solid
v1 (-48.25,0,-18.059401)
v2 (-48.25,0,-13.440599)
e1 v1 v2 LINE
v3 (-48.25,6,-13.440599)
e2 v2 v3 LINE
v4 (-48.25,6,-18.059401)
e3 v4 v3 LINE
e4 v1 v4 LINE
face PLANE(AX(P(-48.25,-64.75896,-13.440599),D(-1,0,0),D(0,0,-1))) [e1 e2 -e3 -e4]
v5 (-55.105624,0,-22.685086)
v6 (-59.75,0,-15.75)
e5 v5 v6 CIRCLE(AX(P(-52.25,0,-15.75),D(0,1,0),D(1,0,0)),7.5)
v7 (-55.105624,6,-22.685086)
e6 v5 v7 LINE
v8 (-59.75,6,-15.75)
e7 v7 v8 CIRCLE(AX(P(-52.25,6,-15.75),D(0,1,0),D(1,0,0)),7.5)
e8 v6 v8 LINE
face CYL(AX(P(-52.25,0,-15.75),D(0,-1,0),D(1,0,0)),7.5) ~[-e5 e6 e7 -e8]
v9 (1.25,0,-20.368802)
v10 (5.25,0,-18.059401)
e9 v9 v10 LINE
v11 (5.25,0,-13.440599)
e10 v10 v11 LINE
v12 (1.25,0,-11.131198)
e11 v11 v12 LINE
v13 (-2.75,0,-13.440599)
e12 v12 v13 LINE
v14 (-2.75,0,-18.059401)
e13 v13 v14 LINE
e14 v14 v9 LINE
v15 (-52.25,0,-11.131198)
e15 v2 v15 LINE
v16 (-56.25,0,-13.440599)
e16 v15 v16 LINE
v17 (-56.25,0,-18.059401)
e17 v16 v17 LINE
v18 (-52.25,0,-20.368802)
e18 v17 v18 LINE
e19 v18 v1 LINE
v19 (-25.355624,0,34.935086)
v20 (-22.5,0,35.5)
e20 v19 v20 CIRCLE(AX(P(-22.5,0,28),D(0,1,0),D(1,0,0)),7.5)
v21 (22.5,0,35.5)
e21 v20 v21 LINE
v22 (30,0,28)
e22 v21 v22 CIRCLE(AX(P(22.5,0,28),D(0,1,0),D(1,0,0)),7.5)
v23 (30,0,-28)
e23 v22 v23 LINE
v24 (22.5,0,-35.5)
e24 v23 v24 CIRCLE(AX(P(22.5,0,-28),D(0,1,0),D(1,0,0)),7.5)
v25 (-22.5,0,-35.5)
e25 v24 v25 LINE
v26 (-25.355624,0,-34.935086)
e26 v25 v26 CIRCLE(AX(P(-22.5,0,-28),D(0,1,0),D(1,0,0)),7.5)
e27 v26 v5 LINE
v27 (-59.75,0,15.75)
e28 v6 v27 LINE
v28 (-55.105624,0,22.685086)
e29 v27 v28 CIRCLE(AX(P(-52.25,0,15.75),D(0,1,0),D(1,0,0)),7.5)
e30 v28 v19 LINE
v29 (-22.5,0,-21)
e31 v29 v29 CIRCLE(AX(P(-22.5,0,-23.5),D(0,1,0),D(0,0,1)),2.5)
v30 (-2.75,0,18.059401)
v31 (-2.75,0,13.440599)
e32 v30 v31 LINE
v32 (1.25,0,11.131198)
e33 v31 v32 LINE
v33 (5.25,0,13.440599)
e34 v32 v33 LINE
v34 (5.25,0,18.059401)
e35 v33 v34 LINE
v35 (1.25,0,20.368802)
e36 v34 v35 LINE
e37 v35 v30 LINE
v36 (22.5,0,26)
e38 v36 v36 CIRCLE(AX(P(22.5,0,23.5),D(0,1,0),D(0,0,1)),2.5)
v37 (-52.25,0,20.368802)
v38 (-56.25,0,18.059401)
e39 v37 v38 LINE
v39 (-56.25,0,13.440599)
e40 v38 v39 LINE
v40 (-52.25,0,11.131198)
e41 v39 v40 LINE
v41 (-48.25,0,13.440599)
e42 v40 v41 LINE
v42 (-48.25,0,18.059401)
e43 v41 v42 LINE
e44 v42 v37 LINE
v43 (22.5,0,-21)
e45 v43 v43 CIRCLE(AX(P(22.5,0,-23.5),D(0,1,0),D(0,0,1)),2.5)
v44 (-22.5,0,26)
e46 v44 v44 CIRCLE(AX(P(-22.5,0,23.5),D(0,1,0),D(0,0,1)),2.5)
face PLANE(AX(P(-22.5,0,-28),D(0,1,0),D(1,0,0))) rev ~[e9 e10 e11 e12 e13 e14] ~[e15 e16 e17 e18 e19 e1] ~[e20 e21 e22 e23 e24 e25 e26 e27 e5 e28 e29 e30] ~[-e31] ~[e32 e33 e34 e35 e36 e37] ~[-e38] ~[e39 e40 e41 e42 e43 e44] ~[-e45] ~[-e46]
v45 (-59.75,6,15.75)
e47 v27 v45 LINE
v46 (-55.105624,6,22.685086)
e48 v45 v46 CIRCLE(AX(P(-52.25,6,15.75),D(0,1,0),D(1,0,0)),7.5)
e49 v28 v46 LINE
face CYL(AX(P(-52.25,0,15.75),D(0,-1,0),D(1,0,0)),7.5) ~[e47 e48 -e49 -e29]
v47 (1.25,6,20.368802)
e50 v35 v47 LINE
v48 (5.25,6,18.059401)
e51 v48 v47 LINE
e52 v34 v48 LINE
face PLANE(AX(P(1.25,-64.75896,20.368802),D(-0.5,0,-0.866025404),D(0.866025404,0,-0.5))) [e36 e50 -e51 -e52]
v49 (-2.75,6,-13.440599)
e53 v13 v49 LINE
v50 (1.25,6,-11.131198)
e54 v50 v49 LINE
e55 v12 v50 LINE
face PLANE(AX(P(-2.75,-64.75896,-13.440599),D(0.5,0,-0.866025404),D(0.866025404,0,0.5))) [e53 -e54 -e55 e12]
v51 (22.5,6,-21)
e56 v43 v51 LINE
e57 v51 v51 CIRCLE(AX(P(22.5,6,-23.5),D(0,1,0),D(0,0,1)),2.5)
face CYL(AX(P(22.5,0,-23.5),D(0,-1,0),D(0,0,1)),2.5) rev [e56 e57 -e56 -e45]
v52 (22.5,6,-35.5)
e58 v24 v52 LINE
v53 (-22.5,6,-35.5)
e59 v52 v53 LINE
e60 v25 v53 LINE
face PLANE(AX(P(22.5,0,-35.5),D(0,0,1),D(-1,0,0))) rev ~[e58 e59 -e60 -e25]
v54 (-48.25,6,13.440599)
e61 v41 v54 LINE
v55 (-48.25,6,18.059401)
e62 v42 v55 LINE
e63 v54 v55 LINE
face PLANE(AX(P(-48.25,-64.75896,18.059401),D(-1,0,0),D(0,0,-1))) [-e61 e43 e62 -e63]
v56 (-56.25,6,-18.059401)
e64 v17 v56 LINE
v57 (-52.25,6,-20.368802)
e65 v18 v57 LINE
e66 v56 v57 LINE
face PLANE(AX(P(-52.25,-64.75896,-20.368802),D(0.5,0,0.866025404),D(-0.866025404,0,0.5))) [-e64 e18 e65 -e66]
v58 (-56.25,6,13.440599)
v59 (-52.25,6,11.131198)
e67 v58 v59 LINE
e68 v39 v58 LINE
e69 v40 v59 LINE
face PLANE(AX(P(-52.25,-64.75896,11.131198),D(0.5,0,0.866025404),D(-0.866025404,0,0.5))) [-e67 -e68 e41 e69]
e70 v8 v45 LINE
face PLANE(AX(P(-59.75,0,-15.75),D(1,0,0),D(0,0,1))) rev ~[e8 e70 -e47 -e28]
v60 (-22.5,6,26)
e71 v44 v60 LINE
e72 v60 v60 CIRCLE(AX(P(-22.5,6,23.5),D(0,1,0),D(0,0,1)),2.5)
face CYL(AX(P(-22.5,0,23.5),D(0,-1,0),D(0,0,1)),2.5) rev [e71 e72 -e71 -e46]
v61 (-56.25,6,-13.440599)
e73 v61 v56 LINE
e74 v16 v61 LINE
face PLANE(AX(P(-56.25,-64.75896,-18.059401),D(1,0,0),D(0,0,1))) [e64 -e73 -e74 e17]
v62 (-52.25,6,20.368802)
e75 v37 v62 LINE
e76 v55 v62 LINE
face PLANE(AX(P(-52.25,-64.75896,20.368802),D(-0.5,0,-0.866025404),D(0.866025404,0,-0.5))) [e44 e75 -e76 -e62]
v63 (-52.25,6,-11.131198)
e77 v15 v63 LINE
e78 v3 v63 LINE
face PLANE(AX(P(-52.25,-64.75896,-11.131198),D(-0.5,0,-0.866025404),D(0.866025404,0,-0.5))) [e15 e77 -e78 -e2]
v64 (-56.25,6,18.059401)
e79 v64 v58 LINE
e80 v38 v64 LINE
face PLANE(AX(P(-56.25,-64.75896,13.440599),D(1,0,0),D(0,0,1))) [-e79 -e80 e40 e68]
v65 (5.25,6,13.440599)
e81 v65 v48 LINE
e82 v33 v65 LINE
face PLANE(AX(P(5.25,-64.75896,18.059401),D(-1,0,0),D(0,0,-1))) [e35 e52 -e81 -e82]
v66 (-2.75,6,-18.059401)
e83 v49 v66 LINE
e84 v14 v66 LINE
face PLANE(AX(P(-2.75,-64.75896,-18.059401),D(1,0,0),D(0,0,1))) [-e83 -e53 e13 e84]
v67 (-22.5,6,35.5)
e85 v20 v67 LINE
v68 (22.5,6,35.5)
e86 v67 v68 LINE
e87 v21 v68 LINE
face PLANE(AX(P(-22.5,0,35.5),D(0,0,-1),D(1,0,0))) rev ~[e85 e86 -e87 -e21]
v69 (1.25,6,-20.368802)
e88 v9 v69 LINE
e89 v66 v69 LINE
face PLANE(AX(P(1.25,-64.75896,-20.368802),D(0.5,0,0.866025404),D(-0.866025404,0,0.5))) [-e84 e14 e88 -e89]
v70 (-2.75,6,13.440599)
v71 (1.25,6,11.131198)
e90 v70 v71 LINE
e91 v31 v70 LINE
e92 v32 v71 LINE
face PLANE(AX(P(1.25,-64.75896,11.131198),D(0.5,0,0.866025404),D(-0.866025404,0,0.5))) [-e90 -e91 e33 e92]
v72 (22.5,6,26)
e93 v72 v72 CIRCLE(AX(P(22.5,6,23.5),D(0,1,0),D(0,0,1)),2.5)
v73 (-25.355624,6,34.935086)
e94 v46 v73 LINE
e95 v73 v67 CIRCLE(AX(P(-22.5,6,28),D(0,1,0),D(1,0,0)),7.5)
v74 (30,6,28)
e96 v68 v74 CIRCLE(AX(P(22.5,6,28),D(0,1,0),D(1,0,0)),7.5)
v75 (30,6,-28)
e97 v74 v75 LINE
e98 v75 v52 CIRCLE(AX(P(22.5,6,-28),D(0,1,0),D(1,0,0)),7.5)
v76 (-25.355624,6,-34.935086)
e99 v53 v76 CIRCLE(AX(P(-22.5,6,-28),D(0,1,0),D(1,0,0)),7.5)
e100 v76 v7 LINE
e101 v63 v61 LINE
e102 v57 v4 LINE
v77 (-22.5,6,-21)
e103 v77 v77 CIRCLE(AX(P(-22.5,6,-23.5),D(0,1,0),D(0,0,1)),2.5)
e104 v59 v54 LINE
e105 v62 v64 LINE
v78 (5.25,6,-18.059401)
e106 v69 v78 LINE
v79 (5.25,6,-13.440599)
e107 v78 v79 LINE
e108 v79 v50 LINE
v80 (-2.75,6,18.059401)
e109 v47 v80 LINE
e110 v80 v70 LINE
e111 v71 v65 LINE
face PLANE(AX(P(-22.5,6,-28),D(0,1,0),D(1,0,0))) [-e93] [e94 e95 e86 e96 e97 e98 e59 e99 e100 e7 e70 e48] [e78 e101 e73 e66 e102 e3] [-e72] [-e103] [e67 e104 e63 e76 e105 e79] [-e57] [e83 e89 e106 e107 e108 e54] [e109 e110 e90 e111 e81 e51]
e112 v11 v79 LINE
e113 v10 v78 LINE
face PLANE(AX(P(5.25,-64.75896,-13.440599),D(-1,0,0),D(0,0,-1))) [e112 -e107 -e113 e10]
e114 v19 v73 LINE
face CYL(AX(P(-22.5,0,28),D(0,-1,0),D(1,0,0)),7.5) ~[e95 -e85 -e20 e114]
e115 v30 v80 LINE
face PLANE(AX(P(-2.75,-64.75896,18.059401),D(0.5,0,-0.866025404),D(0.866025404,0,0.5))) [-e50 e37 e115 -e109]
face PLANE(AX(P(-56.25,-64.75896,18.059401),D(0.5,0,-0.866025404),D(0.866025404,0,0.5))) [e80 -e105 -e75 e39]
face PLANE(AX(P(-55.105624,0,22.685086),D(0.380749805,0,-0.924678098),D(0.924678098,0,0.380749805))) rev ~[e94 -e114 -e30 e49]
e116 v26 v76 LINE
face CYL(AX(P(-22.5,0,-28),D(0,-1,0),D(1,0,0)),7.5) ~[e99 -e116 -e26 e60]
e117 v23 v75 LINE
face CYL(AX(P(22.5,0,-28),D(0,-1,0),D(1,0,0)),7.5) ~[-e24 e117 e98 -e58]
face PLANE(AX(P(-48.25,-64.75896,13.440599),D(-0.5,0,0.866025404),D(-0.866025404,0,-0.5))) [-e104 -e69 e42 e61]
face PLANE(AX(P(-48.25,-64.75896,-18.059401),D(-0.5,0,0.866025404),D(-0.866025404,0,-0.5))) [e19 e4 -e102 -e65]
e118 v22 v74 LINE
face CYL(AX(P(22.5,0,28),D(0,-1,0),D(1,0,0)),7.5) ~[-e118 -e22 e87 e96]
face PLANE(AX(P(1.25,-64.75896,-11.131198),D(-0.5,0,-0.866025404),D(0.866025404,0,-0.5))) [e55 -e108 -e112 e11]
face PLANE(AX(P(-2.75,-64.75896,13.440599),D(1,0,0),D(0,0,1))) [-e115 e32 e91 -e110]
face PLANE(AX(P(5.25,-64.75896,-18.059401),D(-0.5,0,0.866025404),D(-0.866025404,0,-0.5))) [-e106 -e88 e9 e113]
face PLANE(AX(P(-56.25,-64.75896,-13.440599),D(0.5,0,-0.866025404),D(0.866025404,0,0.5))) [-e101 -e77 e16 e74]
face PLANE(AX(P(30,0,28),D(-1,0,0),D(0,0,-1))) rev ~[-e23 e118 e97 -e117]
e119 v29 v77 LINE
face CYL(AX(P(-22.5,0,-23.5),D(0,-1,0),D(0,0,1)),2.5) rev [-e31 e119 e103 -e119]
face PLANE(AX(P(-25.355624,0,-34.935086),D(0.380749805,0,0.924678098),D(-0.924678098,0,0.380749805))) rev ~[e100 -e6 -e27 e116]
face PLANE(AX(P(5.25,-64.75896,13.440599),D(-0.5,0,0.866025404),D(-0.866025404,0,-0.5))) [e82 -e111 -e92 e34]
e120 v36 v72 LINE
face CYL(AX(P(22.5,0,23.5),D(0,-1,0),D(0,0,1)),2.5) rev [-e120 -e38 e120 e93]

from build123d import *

# Parameters (mm, degrees)
SKETCH1_R               = 7.5
SKETCH1_R_2             = 2.75
SKETCH1_R_3             = 2.5
BOSS_EXTRUDE1_DEPTH     = 6
CUT_EXTRUDE1_DEPTH      = 70.758959998
CUT_EXTRUDE1_DEPTH_BACK = 70.758959998


with BuildPart() as part:
    # Sketch1 → Boss-Extrude1 (new body)
    # profile 1 of 7: a face of its own
    with BuildSketch(Plane(origin=(0, 0, 0), x_dir=(1, 0, 0), z_dir=(0, 1, 0))):
        with Locations((-52.25, 15.75)):
            Circle(SKETCH1_R)
        with Locations(Location((-52.25, 15.75, 0), (0, 0, 270))):
            Circle(SKETCH1_R_2, mode=Mode.SUBTRACT)
    # profile 2 of 7: a face of its own
    with BuildSketch(Plane(origin=(0, 0, 0), x_dir=(1, 0, 0), z_dir=(0, 1, 0))):
        with BuildLine():
            ThreePointArc((-44.75, 15.75), (-52.25, 8.25), (-59.75, 15.75))
            Line((-59.75, 15.75), (-59.75, -15.75))
            ThreePointArc((-59.75, -15.75), (-52.25, -8.25), (-44.75, -15.75))
            ThreePointArc((-44.75, -15.75), (-48.076702535, -21.981660154), (-55.105623539, -22.685085739))
            Line((-55.105623539, -22.685085739), (-25.355623539, -34.935085739))
            ThreePointArc((-25.355623539, -34.935085739), (-26.673297465, -21.768339846), (-15, -28))
            ThreePointArc((-15, -28), (-17.196699141, -33.303300859), (-22.5, -35.5))
            Line((-22.5, -35.5), (22.5, -35.5))
            ThreePointArc((22.5, -35.5), (17.196699141, -22.696699141), (30, -28))
            Line((30, -28), (30, 28))
            ThreePointArc((30, 28), (17.196699141, 22.696699141), (22.5, 35.5))
            Line((22.5, 35.5), (-22.5, 35.5))
            ThreePointArc((-22.5, 35.5), (-17.196699141, 33.303300859), (-15, 28))
            ThreePointArc((-15, 28), (-26.673297465, 21.768339846), (-25.355623539, 34.935085739))
            Line((-25.355623539, 34.935085739), (-55.105623539, 22.685085739))
            ThreePointArc((-55.105623539, 22.685085739), (-48.076702535, 21.981660154), (-44.75, 15.75))
        make_face()
        with Locations(Location((1.25, -15.75, 0), (0, 0, 270))):
            Circle(SKETCH1_R_2, mode=Mode.SUBTRACT)
        with Locations(Location((1.25, 15.75, 0), (0, 0, 270))):
            Circle(SKETCH1_R_2, mode=Mode.SUBTRACT)
    # profile 3 of 7: a face of its own
    with BuildSketch(Plane(origin=(0, 0, 0), x_dir=(1, 0, 0), z_dir=(0, 1, 0))):
        with Locations((-52.25, -15.75)):
            Circle(SKETCH1_R)
        with Locations(Location((-52.25, -15.75, 0), (0, 0, 270))):
            Circle(SKETCH1_R_2, mode=Mode.SUBTRACT)
    # profile 4 of 7: a face of its own
    with BuildSketch(Plane(origin=(0, 0, 0), x_dir=(1, 0, 0), z_dir=(0, 1, 0))):
        with Locations((-22.5, -28)):
            Circle(SKETCH1_R)
        with Locations(Location((-22.5, -23.5, 0), (0, 0, 270))):
            Circle(SKETCH1_R_3, mode=Mode.SUBTRACT)
    # profile 5 of 7: a face of its own
    with BuildSketch(Plane(origin=(0, 0, 0), x_dir=(1, 0, 0), z_dir=(0, 1, 0))):
        with Locations((22.5, -28)):
            Circle(SKETCH1_R)
        with Locations(Location((22.5, -23.5, 0), (0, 0, 270))):
            Circle(SKETCH1_R_3, mode=Mode.SUBTRACT)
    # profile 6 of 7: a face of its own
    with BuildSketch(Plane(origin=(0, 0, 0), x_dir=(1, 0, 0), z_dir=(0, 1, 0))):
        with Locations((22.5, 28)):
            Circle(SKETCH1_R)
        with Locations(Location((22.5, 23.5, 0), (0, 0, 270))):
            Circle(SKETCH1_R_3, mode=Mode.SUBTRACT)
    # profile 7 of 7: a face of its own
    with BuildSketch(Plane(origin=(0, 0, 0), x_dir=(1, 0, 0), z_dir=(0, 1, 0))):
        with Locations((-22.5, 28)):
            Circle(SKETCH1_R)
        with Locations(Location((-22.5, 23.5, 0), (0, 0, 270))):
            Circle(SKETCH1_R_3, mode=Mode.SUBTRACT)
    extrude(amount=BOSS_EXTRUDE1_DEPTH)

    # Sketch2 → Cut-Extrude1 (cut, two sides: drawn at the far end of the back side and taken through both)
    with BuildSketch(Plane(origin=(0, 6, 0), x_dir=(1, 0, 0), z_dir=(0, 1, 0)).offset(-CUT_EXTRUDE1_DEPTH_BACK)):
        Polygon((-52.25, 11.131197846), (-48.25, 13.440598923), (-48.25, 18.059401077), (-52.25, 20.368802154), (-56.25, 18.059401077), (-56.25, 13.440598923), align=None)
        Polygon((-52.25, -11.131197846), (-56.25, -13.440598923), (-56.25, -18.059401077), (-52.25, -20.368802154), (-48.25, -18.059401077), (-48.25, -13.440598923), align=None)
        Polygon((-2.75, -18.059401077), (1.25, -20.368802154), (5.25, -18.059401077), (5.25, -13.440598923), (1.25, -11.131197846), (-2.75, -13.440598923), align=None)
        Polygon((1.25, 11.131197846), (5.25, 13.440598923), (5.25, 18.059401077), (1.25, 20.368802154), (-2.75, 18.059401077), (-2.75, 13.440598923), align=None)
    extrude(amount=CUT_EXTRUDE1_DEPTH + CUT_EXTRUDE1_DEPTH_BACK, mode=Mode.SUBTRACT)


solid = part.part
